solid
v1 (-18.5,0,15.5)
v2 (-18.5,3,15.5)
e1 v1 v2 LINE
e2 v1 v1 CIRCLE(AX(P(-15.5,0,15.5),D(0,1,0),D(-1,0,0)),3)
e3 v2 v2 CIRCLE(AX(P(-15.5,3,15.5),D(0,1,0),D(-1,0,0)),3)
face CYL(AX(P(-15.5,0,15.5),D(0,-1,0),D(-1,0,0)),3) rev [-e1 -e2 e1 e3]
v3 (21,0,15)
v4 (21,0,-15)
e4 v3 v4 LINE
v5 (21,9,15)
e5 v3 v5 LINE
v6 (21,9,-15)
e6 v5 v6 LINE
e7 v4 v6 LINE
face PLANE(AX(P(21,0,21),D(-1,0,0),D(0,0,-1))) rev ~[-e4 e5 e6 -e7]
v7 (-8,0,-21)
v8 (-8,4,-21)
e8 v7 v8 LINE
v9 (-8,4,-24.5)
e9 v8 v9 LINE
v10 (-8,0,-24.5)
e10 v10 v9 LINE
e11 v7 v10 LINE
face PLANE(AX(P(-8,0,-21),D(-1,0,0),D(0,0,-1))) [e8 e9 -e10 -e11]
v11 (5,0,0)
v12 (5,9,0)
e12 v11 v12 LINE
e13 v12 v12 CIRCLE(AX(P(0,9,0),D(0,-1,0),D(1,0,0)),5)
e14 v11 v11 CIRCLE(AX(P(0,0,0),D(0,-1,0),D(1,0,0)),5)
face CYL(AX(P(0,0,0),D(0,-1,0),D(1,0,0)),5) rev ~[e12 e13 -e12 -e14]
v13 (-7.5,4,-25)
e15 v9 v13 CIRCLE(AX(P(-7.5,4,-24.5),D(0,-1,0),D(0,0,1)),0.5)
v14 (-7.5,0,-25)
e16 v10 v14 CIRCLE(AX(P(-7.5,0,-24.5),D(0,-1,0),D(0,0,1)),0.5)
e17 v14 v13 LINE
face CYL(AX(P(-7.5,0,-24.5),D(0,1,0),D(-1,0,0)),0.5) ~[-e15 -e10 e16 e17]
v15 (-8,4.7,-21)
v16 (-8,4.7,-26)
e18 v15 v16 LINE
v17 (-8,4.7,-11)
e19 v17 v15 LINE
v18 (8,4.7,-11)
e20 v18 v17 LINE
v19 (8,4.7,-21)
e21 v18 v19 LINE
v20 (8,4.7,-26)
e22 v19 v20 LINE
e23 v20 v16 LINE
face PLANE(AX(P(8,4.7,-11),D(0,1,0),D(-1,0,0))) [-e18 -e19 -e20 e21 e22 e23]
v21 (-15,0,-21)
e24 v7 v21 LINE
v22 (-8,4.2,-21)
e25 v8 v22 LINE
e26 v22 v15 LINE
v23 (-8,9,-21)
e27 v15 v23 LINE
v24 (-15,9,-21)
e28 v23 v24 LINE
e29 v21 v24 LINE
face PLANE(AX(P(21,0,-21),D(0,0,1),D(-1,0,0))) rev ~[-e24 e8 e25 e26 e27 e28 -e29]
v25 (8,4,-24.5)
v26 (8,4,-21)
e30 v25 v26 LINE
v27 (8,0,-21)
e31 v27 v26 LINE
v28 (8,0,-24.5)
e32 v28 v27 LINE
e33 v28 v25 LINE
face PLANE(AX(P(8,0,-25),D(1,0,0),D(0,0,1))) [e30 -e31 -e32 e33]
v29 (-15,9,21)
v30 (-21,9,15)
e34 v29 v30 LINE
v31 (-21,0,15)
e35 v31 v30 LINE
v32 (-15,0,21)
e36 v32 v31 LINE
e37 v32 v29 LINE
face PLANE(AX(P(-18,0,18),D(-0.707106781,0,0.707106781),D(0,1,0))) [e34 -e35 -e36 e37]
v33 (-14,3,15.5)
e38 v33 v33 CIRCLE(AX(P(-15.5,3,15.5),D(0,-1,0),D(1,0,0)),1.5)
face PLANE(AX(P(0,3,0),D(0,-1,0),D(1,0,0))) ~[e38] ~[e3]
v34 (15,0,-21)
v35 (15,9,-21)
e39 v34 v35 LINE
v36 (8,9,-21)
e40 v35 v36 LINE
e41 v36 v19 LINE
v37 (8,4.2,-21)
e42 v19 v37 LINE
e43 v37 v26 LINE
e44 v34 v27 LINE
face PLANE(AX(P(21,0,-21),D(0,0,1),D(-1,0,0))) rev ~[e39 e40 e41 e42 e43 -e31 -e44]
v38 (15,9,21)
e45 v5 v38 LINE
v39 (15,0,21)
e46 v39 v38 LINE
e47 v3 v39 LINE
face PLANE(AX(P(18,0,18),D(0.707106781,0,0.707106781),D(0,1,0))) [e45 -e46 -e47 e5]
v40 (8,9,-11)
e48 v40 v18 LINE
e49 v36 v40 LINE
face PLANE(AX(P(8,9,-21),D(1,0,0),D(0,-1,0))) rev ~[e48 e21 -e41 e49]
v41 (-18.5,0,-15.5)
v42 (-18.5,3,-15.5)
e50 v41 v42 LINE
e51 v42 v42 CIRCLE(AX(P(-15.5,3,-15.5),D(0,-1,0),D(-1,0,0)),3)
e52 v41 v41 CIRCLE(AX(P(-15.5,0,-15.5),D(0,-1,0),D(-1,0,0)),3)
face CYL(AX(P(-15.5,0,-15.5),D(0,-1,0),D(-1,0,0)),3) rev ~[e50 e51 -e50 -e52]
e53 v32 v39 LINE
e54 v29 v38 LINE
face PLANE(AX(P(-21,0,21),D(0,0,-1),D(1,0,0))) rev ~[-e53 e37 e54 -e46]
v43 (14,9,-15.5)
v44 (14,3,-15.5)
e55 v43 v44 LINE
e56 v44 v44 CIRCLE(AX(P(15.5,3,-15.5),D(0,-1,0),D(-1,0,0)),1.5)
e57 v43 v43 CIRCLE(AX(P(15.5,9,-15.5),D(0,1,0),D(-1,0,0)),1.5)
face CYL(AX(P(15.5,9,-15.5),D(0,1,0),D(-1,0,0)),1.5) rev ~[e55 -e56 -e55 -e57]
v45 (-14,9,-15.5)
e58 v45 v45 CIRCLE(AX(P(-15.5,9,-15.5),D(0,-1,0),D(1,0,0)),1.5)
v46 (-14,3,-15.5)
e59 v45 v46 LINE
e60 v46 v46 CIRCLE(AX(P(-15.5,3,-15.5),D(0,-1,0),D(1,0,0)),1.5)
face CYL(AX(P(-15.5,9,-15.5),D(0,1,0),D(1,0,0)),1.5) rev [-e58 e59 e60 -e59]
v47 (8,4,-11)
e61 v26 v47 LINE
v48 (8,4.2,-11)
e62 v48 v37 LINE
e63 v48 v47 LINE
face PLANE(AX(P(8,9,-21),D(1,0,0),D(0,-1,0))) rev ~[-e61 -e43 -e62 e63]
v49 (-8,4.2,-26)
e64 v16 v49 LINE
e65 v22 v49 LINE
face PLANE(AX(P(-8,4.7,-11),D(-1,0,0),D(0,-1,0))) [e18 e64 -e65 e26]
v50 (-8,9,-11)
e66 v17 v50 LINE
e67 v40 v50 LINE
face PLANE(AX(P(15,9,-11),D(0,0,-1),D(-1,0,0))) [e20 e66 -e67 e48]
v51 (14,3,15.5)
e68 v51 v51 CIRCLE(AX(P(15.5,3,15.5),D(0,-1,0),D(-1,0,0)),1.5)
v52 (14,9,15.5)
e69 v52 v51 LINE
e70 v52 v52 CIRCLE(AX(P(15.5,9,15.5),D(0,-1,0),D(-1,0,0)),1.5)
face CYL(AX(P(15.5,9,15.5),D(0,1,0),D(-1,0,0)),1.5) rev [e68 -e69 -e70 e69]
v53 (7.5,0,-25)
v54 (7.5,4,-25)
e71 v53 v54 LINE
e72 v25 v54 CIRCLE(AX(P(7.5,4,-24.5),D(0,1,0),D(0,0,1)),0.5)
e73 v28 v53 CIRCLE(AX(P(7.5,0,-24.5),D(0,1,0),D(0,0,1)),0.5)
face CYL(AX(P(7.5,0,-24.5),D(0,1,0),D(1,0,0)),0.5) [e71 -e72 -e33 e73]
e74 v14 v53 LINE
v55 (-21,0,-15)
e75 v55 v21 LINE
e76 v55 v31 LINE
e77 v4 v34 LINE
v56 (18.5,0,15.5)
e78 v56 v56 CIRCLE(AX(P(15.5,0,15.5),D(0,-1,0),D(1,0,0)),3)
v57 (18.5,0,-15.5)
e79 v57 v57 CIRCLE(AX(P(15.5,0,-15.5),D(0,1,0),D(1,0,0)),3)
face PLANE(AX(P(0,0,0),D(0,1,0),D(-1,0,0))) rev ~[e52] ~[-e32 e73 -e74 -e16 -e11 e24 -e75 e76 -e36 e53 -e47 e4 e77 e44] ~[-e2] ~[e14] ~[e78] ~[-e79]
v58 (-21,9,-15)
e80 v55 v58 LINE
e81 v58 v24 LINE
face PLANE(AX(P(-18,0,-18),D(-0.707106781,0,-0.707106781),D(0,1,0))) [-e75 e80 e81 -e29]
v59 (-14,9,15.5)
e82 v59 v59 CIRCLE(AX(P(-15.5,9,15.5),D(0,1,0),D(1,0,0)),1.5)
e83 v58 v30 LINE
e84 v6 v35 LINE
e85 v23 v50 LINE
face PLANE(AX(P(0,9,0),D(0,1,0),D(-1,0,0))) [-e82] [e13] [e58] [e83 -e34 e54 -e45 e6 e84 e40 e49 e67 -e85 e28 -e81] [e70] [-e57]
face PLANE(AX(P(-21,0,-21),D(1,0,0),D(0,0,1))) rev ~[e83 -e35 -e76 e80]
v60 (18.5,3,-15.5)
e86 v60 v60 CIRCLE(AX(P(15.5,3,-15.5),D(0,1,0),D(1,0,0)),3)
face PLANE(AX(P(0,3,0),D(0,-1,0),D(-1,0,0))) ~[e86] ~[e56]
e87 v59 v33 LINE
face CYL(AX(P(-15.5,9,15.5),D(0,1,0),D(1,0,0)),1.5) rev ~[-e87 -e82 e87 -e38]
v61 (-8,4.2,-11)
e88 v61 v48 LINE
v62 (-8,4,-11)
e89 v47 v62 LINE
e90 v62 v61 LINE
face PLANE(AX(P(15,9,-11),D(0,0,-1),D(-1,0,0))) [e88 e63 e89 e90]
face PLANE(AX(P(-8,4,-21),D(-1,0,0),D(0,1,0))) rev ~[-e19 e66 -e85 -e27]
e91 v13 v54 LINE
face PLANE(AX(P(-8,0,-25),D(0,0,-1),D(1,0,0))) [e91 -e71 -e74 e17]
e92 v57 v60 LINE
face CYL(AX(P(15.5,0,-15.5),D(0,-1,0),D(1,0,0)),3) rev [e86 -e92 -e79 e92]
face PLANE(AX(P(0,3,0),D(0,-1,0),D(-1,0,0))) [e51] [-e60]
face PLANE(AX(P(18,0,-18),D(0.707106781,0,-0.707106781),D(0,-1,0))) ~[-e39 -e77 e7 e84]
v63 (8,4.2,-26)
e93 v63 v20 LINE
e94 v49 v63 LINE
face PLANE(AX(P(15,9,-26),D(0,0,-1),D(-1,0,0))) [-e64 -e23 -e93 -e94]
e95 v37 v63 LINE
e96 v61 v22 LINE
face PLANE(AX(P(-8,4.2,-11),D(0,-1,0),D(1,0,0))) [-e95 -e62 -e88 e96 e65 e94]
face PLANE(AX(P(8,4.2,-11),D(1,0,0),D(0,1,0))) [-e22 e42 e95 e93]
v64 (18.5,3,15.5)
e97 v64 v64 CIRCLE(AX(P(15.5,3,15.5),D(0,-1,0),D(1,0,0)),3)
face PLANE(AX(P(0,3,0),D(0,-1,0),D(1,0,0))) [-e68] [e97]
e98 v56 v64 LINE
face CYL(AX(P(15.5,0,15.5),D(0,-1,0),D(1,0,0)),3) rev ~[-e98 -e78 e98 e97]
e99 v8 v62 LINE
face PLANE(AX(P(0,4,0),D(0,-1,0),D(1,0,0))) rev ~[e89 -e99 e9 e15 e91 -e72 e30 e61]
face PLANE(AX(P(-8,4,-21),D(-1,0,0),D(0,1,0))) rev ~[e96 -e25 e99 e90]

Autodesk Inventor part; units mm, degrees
ref_plane "YZ Plane" through (0, 0, 0) normal (1, 0, 0) x (0, 1, 0)
ref_plane "XZ Plane" through (0, 0, 0) normal (0, 1, 0) x (-1, 0, 0)
ref_plane "XY Plane" through (0, 0, 0) normal (0, 0, 1) x (1, 0, 0)
sketch "Sketch1" plane through (0, 0, 0) normal (0, 1, 0) x (-1, 0, 0)
  line L0 (-21, -21) -> (21, -21)
  line L1 (21, -21) -> (21, 21)
  line L2 (21, 21) -> (-21, 21)
  line L3 (-21, 21) -> (-21, -21)
  line L4 (-21, -21) -> (21, 21) construction
  line L5 (21, -21) -> (-21, 21) construction
  point P0 (0, 0)
  dimension "d0" = 42
  dimension "d1" = 42
extrude "Extrusion1" add sketch "Sketch1" along normal blind 9
chamfer "Chamfer1" distance 6 angle 45 4 edges at (21, 4.5, -21) (-21, 4.5, -21) (-21, 4.5, 21) (21, 4.5, 21)
sketch "Sketch2" plane through (0, 9, 0) normal (0, 1, 0) x (1, 0, 0)
  point P0 (0, 0)
sketch "Sketch3" plane through (0, 0, 0) normal (0, -1, 0) x (1, 0, 0)
  circle A0 centre (0, 0) radius 5
  dimension "d7" = 10
extrude "Extrusion2" cut sketch "Sketch3" against normal up to surface (9 mm away)
sketch "Sketch4" plane through (0, 9, 0) normal (0, 1, 0) x (1, 0, 0)
  circle A0 centre (-15.5, -15.5) radius 1.5
  line L0 (-15, -21) -> (15, -21) projected
  line L1 (-21, 15) -> (-21, -15) projected
  point P0 (0, 0)
  dimension "d10" = 3
  dimension "d11" = 5.5
  dimension "d12" = 5.5
extrude "Extrusion3" cut sketch "Sketch4" against normal up to surface (9 mm away)
mirror "Mirror1" about plane through (0, 0, 0) normal (1, 0, 0) of "Extrusion3"
mirror "Mirror2" about plane through (0, 0, 0) normal (0, 0, 1) of "Extrusion3", "Mirror1"
sketch "Sketch6" plane through (0, 0, 0) normal (0, -1, 0) x (1, 0, 0)
  circle A0 centre (15.5, -15.5) radius 1.5 projected
  circle A1 centre (-15.5, -15.5) radius 1.5 projected
  circle A2 centre (15.5, 15.5) radius 1.5 projected
  circle A3 centre (-15.5, 15.5) radius 1.5 projected
  circle A4 centre (0, 0) radius 5 projected
  line L0 (15, 21) -> (21, 15) projected
  line L1 (-15, 21) -> (15, 21) projected
  line L2 (-21, 15) -> (-15, 21) projected
  line L3 (-21, -15) -> (-21, 15) projected
  line L4 (-15, -21) -> (-21, -15) projected
  line L5 (15, -21) -> (-15, -21) projected
  line L6 (21, -15) -> (15, -21) projected
  line L7 (21, 15) -> (21, -15) projected
  line L8 (8, -21) -> (-8, -21)
  line L9 (-8, -21) -> (-8, -25)
  line L10 (-8, -25) -> (8, -25)
  line L11 (8, -25) -> (8, -21)
  dimension "d20" = 16
  dimension "d21" = 8
  dimension "d24" = 4
extrude "Extrusion5" add sketch "Sketch6" against normal blind 4 contours L11 L10 L9 L5
fillet "Fillet1" radius 0.5 2 edges at (8, 2, -25) (-8, 2, -25)
sketch "Sketch7" plane through (15, 9, -21) normal (0, 0, -1) x (-1, 0, 0)
  line L0 (23, -5) -> (23, -9) projected
  line L1 (23, -9) -> (30, -9) projected
  line L2 (30, 0) -> (30, -9) projected
  line L3 (0, 0) -> (30, 0) projected
  line L4 (0, -9) -> (0, 0) projected
  line L5 (0, -9) -> (7, -9) projected
  line L6 (7, -9) -> (7, -5) projected
  line L7 (7, -5) -> (23, -5) projected
  line L8 (7, -5) -> (23, -5)
  line L9 (23, -5) -> (23, 0)
  line L10 (23, 0) -> (7, 0)
  line L11 (7, 0) -> (7, -5)
  point P0 (15, -9)
extrude "Extrusion6" cut sketch "Sketch7" against normal blind 10 contours L7 L11 L3 L9
sketch "Sketch8" plane through (15, 9, -11) normal (0, 0, -1) x (-1, 0, 0)
  line L0 (23, -5) -> (7, -5) projected
  line L1 (23, 0) -> (23, -5) projected
  line L2 (7, 0) -> (23, 0) projected
  line L3 (7, -5) -> (7, 0) projected
  line L4 (23, 0) -> (23, -5) projected
  line L5 (7, -4.3) -> (23, -4.3)
  line L6 (23, -4.3) -> (23, -4.8)
  line L7 (23, -4.8) -> (7, -4.8)
  line L8 (7, -4.8) -> (7, -4.3)
  point P0 (15, -9)
  dimension "d28" = 0.5
  dimension "d29" = 0.2
extrude "Extrusion7" add sketch "Sketch8" along normal blind 15 contours L7 L3 L5 L1
sketch "Sketch9" plane through (15, 9, -11) normal (0, 0, -1) x (-1, 0, 0)
  point P0 (15, -9)
sketch "Sketch10" plane through (0, 0, 0) normal (0, -1, 0) x (1, 0, 0)
  circle A0 centre (15.5, 15.5) radius 1.5 projected
  circle A1 centre (15.5, 15.5) radius 3
  point P0 (0, 0)
  dimension "d32" = 6
extrude "Extrusion8" cut sketch "Sketch10" against normal blind 3
mirror "Mirror3" about plane through (0, 0, 0) normal (1, 0, 0) of "Extrusion8"
mirror "Mirror4" about plane through (0, 0, 0) normal (0, 0, 1) of "Extrusion8", "Mirror3"
equation "\"d12\" = d11"
equation "\"d21\" = 0.5 * d20"
